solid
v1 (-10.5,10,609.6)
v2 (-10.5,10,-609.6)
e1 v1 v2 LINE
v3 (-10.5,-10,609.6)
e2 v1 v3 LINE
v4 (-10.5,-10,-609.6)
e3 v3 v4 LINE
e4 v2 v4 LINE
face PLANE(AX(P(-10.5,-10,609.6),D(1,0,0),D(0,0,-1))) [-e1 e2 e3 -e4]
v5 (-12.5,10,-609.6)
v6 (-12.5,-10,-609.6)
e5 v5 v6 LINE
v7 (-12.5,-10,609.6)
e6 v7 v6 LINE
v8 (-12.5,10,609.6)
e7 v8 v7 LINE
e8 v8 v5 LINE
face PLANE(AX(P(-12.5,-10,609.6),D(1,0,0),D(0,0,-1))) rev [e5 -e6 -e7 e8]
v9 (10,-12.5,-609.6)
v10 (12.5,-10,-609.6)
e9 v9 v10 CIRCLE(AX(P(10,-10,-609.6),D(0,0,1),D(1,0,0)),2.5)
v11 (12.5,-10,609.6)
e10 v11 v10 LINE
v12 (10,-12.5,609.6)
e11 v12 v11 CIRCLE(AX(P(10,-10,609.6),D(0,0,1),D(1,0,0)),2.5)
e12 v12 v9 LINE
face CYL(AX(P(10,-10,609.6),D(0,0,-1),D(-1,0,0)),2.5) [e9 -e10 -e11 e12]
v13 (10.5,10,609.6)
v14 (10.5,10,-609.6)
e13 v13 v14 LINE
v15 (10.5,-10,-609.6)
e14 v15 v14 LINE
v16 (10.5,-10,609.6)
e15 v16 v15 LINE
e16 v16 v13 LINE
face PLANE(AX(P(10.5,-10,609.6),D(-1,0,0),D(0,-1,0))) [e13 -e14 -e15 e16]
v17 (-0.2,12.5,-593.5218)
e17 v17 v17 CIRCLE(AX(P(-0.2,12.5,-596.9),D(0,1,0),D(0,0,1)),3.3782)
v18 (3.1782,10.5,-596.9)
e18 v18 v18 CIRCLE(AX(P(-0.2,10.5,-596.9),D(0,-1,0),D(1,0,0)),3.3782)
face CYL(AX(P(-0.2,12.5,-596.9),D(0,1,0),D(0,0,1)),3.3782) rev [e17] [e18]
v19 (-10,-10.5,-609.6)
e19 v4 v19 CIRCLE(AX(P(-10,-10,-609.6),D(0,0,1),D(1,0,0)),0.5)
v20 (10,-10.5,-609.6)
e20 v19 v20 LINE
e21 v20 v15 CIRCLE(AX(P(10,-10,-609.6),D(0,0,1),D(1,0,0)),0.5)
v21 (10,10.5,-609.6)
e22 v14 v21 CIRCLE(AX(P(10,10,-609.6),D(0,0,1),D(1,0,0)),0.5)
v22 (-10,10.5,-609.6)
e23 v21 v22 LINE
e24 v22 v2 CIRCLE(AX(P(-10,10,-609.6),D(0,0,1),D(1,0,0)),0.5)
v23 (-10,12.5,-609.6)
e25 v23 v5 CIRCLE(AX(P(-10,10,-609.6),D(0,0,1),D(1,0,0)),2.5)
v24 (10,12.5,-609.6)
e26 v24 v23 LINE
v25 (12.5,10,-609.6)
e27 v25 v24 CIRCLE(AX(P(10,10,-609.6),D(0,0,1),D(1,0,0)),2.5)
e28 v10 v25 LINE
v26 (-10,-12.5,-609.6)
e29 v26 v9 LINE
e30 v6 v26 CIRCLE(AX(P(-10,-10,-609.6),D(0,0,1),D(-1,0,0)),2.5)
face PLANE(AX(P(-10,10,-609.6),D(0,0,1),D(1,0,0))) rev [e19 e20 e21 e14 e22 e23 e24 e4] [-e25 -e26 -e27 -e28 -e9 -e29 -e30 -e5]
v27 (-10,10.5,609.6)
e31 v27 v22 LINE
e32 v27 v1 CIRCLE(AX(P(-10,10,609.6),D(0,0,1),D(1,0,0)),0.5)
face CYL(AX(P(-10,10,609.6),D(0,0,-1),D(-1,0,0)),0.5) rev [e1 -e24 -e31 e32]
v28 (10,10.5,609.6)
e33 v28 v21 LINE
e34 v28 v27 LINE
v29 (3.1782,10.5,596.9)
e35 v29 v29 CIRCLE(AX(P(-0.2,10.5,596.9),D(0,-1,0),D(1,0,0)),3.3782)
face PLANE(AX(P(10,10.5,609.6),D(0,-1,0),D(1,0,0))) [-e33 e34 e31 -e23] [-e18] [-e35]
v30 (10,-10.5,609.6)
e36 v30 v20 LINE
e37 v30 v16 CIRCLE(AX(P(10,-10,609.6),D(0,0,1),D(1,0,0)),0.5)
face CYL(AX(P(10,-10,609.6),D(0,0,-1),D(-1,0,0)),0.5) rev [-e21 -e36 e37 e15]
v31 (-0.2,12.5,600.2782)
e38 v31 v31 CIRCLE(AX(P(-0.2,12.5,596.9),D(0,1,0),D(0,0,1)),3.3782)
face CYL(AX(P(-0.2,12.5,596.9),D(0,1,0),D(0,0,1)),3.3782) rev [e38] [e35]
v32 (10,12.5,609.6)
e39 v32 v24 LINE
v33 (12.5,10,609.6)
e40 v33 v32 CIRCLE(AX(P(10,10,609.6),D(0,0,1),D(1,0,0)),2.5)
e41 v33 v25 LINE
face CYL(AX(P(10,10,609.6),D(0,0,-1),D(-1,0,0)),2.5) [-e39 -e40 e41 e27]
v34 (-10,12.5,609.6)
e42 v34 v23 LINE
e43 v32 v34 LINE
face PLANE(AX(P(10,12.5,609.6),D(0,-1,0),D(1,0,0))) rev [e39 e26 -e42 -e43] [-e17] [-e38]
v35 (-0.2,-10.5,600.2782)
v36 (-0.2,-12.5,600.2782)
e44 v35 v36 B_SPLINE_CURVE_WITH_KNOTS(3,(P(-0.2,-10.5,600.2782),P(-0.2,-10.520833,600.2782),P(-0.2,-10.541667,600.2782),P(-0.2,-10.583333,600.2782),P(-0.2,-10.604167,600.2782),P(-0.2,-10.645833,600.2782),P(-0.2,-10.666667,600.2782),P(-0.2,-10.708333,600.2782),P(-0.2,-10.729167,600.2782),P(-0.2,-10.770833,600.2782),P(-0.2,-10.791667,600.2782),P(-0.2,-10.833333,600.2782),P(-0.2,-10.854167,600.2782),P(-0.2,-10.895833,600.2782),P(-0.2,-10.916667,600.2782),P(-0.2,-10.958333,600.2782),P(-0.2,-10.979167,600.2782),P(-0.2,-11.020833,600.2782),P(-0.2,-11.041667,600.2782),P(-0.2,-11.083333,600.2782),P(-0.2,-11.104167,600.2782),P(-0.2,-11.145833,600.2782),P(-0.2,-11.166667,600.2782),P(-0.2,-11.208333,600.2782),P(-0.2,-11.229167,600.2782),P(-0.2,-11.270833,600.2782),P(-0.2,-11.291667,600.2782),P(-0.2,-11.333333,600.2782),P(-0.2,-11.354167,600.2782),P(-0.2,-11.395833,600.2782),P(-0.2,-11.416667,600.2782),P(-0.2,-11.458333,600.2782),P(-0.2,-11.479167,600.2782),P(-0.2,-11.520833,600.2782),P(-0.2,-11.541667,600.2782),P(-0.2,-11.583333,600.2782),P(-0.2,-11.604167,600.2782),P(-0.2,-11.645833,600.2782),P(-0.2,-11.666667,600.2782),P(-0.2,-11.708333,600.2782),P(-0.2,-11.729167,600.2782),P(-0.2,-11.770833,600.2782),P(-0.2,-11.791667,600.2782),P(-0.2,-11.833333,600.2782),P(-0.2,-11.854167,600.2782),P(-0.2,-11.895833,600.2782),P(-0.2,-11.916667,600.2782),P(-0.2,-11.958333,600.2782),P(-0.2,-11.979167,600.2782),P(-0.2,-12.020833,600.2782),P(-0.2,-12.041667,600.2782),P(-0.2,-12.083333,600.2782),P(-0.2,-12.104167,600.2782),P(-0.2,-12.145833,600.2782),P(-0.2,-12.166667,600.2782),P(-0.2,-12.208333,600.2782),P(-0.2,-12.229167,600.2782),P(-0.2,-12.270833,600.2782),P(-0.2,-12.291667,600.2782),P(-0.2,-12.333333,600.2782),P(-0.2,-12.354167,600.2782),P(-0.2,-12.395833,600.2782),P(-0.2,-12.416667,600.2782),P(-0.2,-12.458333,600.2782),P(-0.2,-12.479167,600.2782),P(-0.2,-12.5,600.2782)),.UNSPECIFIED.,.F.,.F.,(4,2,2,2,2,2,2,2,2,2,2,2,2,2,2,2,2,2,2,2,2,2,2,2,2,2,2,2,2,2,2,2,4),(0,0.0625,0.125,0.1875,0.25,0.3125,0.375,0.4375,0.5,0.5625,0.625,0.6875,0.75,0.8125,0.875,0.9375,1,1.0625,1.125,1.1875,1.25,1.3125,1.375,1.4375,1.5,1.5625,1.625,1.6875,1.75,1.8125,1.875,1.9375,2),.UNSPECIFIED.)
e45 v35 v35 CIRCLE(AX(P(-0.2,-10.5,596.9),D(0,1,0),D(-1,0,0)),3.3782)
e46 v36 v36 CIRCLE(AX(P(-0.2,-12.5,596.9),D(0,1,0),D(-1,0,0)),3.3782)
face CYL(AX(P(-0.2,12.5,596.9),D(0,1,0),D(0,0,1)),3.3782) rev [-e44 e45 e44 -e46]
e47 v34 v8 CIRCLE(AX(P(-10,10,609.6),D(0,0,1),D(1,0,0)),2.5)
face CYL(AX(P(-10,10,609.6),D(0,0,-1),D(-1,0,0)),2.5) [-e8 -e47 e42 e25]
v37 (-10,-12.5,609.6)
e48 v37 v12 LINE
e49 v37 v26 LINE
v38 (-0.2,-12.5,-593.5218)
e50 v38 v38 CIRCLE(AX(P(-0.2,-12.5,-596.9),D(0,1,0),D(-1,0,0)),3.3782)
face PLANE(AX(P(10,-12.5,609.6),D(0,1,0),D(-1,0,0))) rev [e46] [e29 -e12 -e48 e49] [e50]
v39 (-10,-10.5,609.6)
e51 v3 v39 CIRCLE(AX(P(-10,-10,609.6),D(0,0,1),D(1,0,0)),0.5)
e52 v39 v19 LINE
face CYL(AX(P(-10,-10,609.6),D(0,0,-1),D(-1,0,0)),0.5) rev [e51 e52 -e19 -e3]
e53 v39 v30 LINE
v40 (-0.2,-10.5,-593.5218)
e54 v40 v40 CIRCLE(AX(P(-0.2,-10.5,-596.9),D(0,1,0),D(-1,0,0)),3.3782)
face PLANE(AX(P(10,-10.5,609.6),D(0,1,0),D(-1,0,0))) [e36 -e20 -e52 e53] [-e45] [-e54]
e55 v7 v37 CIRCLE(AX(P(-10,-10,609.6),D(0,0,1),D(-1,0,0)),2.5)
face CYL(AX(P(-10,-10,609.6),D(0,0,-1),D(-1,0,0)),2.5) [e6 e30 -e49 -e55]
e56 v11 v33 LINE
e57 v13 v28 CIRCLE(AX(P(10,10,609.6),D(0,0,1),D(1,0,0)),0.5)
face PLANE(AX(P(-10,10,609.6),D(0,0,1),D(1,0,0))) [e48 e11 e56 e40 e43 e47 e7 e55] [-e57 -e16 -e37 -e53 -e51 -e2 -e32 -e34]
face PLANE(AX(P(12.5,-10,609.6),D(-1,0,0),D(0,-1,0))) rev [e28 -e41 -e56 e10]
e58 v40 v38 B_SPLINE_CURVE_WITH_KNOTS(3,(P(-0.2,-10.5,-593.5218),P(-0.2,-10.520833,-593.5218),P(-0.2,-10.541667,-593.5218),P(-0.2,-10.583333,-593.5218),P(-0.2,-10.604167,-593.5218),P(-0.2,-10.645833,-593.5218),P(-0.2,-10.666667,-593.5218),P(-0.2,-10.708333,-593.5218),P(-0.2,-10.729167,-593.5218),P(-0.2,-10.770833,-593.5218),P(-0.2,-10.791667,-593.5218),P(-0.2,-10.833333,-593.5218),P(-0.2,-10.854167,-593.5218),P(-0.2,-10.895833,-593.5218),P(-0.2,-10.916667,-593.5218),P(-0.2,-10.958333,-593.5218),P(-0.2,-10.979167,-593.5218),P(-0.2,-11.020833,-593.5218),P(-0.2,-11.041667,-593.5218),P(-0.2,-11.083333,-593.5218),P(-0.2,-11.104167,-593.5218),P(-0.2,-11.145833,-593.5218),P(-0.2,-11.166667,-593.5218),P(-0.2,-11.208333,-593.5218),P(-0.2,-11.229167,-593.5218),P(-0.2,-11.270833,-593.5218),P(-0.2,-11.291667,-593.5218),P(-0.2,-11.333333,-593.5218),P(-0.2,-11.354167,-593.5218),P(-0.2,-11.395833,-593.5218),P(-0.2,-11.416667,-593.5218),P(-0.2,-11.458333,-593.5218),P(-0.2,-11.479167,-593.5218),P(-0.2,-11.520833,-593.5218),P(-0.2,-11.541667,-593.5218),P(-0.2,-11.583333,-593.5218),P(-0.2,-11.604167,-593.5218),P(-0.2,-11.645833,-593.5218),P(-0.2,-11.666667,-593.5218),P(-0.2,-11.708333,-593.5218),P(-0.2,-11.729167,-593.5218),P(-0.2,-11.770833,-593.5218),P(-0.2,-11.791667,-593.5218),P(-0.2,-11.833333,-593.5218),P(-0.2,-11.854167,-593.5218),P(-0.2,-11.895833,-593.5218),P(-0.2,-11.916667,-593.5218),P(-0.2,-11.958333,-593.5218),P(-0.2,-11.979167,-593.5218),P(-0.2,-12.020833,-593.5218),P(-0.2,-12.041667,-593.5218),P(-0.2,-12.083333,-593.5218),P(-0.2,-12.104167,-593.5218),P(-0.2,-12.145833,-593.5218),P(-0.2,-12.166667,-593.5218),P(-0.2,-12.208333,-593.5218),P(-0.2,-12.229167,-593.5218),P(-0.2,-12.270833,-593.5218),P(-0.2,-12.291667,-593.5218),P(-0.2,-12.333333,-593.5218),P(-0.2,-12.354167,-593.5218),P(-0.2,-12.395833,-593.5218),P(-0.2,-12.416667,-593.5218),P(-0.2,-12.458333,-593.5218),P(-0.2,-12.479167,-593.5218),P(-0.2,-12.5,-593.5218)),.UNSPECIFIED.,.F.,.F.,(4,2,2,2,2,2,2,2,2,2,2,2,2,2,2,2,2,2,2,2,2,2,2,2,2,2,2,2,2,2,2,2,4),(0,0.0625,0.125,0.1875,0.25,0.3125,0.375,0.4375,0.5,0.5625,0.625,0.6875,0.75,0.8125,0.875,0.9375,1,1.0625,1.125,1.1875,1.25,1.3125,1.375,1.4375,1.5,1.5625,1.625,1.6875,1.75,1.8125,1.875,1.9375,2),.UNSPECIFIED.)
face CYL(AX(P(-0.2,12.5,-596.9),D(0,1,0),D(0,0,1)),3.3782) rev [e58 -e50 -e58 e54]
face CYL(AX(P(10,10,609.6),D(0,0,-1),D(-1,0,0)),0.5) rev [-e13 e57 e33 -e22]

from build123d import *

# Parameters (mm, degrees)
EXTRUDE_THIN1_DEPTH         = 609.6
F_1_4_CLEARANCE_HOLE1_D     = 6.7564
F_1_4_CLEARANCE_HOLE1_DEPTH = 25.4
F_1_4_CLEARANCE_HOLE1_TIP   = 2.029827343


with BuildPart() as part:
    # Sketch1 → Extrude-Thin1 (new, symmetric)
    with BuildSketch(Plane.XY):
        with BuildLine():
            Line((-12.5, -10), (-12.5, 10))
            ThreePointArc((-12.5, 10), (-11.767766953, 11.767766953), (-10, 12.5))
            Line((-10, 12.5), (10, 12.5))
            ThreePointArc((10, 12.5), (11.767766953, 11.767766953), (12.5, 10))
            Line((12.5, 10), (12.5, -10))
            ThreePointArc((12.5, -10), (11.767766953, -11.767766953), (10, -12.5))
            Line((10, -12.5), (-10, -12.5))
            ThreePointArc((-10, -12.5), (-11.767766953, -11.767766953), (-12.5, -10))
        make_face()
        with BuildLine():
            Line((-10.5, -10), (-10.5, 10))
            ThreePointArc((-10.5, 10), (-10.353553391, 10.353553391), (-10, 10.5))
            Line((-10, 10.5), (10, 10.5))
            ThreePointArc((10, 10.5), (10.353553391, 10.353553391), (10.5, 10))
            Line((10.5, 10), (10.5, -10))
            ThreePointArc((10.5, -10), (10.353553391, -10.353553391), (10, -10.5))
            Line((10, -10.5), (-10, -10.5))
            ThreePointArc((-10, -10.5), (-10.353553391, -10.353553391), (-10.5, -10))
        make_face(mode=Mode.SUBTRACT)
    extrude(amount=EXTRUDE_THIN1_DEPTH, both=True)

    # 1/4 Clearance Hole1
    with Locations(Plane(origin=(0, 12.5, 0), x_dir=(1, 0, 0), z_dir=(0, 1, 0))):
        with Locations((-0.2, 596.9), (-0.2, -596.9)):
            Hole(F_1_4_CLEARANCE_HOLE1_D / 2, depth=F_1_4_CLEARANCE_HOLE1_DEPTH)
            with Locations((0, 0, -(F_1_4_CLEARANCE_HOLE1_DEPTH + F_1_4_CLEARANCE_HOLE1_TIP / 2))):  # 118° drill point
                Cone(0, F_1_4_CLEARANCE_HOLE1_D / 2, F_1_4_CLEARANCE_HOLE1_TIP, mode=Mode.SUBTRACT)


solid = part.part
